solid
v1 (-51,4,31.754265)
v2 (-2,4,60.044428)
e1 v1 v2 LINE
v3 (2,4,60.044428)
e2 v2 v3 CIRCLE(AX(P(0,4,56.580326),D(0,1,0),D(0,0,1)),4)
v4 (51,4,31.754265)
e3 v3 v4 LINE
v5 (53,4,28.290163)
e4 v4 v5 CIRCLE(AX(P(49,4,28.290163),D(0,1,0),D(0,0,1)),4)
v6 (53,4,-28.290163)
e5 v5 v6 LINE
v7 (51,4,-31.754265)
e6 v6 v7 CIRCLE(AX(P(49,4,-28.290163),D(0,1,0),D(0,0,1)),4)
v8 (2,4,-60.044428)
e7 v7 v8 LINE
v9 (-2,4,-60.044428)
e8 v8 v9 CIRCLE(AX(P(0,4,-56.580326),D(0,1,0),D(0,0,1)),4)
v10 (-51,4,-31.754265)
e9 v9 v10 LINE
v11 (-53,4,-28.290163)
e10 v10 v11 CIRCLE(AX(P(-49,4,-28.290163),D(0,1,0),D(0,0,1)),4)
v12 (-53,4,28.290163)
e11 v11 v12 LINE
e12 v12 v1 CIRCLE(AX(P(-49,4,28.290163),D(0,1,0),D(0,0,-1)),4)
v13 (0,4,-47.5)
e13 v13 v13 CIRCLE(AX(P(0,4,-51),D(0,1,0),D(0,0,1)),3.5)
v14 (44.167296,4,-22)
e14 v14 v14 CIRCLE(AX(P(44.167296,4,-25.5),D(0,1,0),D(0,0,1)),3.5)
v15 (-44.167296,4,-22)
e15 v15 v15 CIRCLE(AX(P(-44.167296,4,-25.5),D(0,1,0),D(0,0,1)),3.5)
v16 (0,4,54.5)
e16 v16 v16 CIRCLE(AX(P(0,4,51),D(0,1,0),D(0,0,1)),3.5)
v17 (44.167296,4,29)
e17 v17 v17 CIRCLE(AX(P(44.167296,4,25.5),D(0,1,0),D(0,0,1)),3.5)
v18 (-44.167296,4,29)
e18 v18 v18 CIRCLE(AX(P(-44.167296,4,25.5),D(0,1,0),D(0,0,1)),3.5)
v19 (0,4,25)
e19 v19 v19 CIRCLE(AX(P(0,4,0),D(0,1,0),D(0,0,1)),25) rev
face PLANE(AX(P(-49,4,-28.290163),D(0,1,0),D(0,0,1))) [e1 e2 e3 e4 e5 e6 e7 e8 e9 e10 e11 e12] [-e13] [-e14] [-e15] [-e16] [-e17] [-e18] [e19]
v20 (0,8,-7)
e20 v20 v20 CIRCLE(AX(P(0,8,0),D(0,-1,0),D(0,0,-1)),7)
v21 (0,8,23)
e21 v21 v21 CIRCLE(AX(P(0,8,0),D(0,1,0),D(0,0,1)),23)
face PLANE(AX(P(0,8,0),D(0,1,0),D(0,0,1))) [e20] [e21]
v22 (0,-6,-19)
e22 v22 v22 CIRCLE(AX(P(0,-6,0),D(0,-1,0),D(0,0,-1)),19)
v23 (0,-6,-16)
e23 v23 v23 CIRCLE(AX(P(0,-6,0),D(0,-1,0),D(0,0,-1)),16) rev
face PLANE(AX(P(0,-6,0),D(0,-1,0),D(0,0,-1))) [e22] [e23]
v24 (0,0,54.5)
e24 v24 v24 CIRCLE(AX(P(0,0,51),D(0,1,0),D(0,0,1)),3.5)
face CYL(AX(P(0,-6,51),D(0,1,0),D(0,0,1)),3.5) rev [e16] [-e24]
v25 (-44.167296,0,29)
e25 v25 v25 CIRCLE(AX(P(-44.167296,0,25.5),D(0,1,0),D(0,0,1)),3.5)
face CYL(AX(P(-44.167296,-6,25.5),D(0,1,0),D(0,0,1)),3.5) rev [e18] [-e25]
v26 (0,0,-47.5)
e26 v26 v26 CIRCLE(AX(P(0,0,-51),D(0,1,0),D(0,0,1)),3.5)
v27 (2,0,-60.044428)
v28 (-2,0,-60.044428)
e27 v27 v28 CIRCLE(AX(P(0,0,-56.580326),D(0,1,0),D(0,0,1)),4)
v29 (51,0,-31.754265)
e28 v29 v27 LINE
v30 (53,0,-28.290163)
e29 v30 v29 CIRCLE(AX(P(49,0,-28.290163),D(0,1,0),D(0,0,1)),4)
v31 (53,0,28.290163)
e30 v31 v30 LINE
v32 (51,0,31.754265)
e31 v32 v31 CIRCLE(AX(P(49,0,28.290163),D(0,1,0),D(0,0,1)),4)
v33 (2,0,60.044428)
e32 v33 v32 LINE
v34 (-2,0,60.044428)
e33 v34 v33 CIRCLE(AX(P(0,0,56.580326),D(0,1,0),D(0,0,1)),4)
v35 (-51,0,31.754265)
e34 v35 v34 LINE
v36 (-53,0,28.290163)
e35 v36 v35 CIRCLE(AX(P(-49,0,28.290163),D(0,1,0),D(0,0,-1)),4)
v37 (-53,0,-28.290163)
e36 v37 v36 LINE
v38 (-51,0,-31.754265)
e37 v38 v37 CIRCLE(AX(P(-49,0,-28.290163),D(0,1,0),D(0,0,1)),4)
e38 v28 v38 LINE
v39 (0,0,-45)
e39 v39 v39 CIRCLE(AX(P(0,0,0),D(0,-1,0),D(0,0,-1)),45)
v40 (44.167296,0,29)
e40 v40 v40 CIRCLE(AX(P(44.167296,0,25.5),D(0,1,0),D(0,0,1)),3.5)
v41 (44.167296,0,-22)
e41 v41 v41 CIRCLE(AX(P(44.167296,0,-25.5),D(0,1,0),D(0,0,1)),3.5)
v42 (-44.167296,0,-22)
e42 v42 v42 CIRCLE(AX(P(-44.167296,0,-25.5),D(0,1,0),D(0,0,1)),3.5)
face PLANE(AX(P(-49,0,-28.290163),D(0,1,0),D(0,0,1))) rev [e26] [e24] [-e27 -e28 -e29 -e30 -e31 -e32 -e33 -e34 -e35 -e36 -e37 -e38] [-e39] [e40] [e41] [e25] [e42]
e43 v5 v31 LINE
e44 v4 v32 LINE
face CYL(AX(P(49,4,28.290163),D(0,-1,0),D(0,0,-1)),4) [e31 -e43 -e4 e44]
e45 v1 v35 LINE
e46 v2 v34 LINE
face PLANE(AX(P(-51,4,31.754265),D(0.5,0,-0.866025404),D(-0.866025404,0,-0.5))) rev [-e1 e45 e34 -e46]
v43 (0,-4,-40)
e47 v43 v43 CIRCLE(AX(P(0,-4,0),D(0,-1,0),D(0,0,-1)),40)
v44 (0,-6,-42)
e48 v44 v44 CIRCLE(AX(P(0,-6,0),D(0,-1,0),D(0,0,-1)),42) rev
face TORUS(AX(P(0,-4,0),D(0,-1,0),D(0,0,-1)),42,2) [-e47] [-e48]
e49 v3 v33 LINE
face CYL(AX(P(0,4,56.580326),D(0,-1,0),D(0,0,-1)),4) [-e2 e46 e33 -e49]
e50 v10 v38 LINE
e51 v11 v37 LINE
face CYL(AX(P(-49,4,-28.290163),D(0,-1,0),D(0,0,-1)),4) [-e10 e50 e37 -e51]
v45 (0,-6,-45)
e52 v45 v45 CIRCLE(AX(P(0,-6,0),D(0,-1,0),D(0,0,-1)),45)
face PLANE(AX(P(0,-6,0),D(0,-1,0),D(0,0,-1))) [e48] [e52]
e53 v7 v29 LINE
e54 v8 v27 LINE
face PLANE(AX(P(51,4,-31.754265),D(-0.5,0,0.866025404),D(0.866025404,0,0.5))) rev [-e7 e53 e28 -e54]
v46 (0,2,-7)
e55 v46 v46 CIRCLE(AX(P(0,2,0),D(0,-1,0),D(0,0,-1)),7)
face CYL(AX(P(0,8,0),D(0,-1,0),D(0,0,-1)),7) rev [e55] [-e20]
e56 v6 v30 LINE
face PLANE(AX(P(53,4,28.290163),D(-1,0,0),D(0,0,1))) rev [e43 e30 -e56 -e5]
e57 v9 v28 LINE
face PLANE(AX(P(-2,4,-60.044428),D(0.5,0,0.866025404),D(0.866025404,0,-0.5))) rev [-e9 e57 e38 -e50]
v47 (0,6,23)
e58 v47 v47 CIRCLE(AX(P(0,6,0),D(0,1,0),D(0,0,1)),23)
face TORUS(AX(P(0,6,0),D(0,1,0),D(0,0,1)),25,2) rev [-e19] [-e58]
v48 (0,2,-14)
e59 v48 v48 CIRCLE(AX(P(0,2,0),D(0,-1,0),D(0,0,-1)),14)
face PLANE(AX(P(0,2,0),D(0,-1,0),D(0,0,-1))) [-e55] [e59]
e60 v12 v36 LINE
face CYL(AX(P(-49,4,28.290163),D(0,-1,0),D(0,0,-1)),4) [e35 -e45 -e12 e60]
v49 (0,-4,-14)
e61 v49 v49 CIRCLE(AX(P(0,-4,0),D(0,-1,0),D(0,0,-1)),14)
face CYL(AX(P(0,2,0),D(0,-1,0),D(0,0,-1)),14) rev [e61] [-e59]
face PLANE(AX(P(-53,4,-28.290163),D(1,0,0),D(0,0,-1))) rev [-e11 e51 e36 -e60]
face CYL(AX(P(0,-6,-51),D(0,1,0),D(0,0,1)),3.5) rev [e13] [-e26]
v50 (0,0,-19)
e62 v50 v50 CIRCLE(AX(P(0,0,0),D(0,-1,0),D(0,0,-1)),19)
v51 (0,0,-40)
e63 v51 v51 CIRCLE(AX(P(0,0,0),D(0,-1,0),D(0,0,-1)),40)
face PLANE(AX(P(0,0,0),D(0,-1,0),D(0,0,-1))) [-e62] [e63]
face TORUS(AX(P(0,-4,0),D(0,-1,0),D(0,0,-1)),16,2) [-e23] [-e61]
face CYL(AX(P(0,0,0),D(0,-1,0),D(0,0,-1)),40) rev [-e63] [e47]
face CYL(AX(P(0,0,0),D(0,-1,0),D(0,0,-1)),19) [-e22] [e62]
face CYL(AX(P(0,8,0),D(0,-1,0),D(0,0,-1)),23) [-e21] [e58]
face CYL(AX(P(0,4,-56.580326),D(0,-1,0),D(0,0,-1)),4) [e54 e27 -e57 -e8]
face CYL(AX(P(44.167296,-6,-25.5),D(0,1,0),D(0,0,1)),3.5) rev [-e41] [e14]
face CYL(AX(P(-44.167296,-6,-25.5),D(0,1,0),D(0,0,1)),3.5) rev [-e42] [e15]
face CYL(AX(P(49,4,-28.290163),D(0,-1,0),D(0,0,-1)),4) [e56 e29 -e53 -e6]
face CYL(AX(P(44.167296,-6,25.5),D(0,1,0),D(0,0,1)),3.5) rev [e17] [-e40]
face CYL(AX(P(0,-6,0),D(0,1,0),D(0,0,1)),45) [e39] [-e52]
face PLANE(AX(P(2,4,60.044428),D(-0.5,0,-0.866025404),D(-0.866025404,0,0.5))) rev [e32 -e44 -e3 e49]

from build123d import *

# Parameters (mm, degrees)
BOSS_EXTRUDE1_DEPTH = 4
SKETCH2_R           = 23
BOSS_EXTRUDE2_DEPTH = 4
SKETCH3_R           = 45
BOSS_EXTRUDE3_DEPTH = 6
SKETCH4_R           = 40
SKETCH4_R_2         = 19
CUT_EXTRUDE1_DEPTH  = 6
SKETCH5_R           = 14
CUT_EXTRUDE2_DEPTH  = 8
SKETCH6_R           = 7
CUT_EXTRUDE3_DEPTH  = 81.888663881
FILLET1_R           = 2
SKETCH7_R           = 3.5
CUT_EXTRUDE4_DEPTH  = 82.110886719


with BuildPart() as part:
    # Sketch1 → Boss-Extrude1 (new body)
    with BuildSketch(Plane(origin=(0, 0, 0), x_dir=(1, 0, 0), z_dir=(0, 1, 0))):
        with BuildLine():
            Line((-51, -31.754264805), (-2, -60.044427996))
            ThreePointArc((-2, -60.044427996), (0, -60.580326381), (2, -60.044427996))
            Line((2, -60.044427996), (51, -31.754264805))
            ThreePointArc((51, -31.754264805), (52.464101615, -30.29016319), (53, -28.29016319))
            Line((53, -28.29016319), (53, 28.29016319))
            ThreePointArc((53, 28.29016319), (52.464101615, 30.29016319), (51, 31.754264805))
            Line((51, 31.754264805), (2, 60.044427996))
            ThreePointArc((2, 60.044427996), (0, 60.580326381), (-2, 60.044427996))
            Line((-2, 60.044427996), (-51, 31.754264805))
            ThreePointArc((-51, 31.754264805), (-52.464101615, 30.29016319), (-53, 28.29016319))
            Line((-53, 28.29016319), (-53, -28.29016319))
            ThreePointArc((-53, -28.29016319), (-52.464101615, -30.29016319), (-51, -31.754264805))
        make_face()
    extrude(amount=BOSS_EXTRUDE1_DEPTH)

    # Sketch2 → Boss-Extrude2 (add)
    with BuildSketch(Plane(origin=(0, 4, 0), x_dir=(1, 0, 0), z_dir=(0, 1, 0))):
        with Locations(Location((0, 0, 0), (0, 0, 270))):
            Circle(SKETCH2_R)
    extrude(amount=BOSS_EXTRUDE2_DEPTH)

    # Sketch3 → Boss-Extrude3 (add)
    with BuildSketch(Plane.XZ):
        with Locations(Location((0, 0, 0), (0, 0, 270))):
            Circle(SKETCH3_R)
    extrude(amount=BOSS_EXTRUDE3_DEPTH)

    # Sketch4 → Cut-Extrude1 (cut)
    with BuildSketch(Plane.XZ.offset(6)):
        with Locations(Location((0, 0, 0), (0, 0, 270))):
            Circle(SKETCH4_R)
        with Locations(Location((0, 0, 0), (0, 0, 270))):
            Circle(SKETCH4_R_2, mode=Mode.SUBTRACT)
    extrude(amount=-CUT_EXTRUDE1_DEPTH, mode=Mode.SUBTRACT)

    # Sketch5 → Cut-Extrude2 (cut)
    with BuildSketch(Plane.XZ.offset(6)):
        with Locations(Location((0, 0, 0), (0, 0, 270))):
            Circle(SKETCH5_R)
    extrude(amount=-CUT_EXTRUDE2_DEPTH, mode=Mode.SUBTRACT)

    # Sketch6 → Cut-Extrude3 (cut, through all)
    with BuildSketch(Plane.XZ.offset(-2)):
        with Locations(Location((0, 0, 0), (0, 0, 270))):
            Circle(SKETCH6_R)
    extrude(amount=-CUT_EXTRUDE3_DEPTH, mode=Mode.SUBTRACT)

    # Fillet1
    fillet1_edges = [part.edges().sort_by_distance(p)[0] for p in [
        (0, 4, -23),
        (0, -6, 40),
        (0, -6, 14),
    ]]
    fillet(fillet1_edges, radius=FILLET1_R)

    # Sketch7 → Cut-Extrude4 (cut, through all)
    with BuildSketch(Plane(origin=(0, 4, 0), x_dir=(1, 0, 0), z_dir=(0, 1, 0))):
        with Locations(Location((0, 51, 0), (0, 0, 270))):
            Circle(SKETCH7_R)
        with Locations(Location((44.167295593, 25.5, 0), (0, 0, 270))):
            Circle(SKETCH7_R)
        with Locations(Location((44.167295593, -25.5, 0), (0, 0, 270))):
            Circle(SKETCH7_R)
        with Locations(Location((0, -51, 0), (0, 0, 270))):
            Circle(SKETCH7_R)
        with Locations(Location((-44.167295593, -25.5, 0), (0, 0, 270))):
            Circle(SKETCH7_R)
        with Locations(Location((-44.167295593, 25.5, 0), (0, 0, 270))):
            Circle(SKETCH7_R)
    extrude(amount=-CUT_EXTRUDE4_DEPTH, mode=Mode.SUBTRACT)


solid = part.part
